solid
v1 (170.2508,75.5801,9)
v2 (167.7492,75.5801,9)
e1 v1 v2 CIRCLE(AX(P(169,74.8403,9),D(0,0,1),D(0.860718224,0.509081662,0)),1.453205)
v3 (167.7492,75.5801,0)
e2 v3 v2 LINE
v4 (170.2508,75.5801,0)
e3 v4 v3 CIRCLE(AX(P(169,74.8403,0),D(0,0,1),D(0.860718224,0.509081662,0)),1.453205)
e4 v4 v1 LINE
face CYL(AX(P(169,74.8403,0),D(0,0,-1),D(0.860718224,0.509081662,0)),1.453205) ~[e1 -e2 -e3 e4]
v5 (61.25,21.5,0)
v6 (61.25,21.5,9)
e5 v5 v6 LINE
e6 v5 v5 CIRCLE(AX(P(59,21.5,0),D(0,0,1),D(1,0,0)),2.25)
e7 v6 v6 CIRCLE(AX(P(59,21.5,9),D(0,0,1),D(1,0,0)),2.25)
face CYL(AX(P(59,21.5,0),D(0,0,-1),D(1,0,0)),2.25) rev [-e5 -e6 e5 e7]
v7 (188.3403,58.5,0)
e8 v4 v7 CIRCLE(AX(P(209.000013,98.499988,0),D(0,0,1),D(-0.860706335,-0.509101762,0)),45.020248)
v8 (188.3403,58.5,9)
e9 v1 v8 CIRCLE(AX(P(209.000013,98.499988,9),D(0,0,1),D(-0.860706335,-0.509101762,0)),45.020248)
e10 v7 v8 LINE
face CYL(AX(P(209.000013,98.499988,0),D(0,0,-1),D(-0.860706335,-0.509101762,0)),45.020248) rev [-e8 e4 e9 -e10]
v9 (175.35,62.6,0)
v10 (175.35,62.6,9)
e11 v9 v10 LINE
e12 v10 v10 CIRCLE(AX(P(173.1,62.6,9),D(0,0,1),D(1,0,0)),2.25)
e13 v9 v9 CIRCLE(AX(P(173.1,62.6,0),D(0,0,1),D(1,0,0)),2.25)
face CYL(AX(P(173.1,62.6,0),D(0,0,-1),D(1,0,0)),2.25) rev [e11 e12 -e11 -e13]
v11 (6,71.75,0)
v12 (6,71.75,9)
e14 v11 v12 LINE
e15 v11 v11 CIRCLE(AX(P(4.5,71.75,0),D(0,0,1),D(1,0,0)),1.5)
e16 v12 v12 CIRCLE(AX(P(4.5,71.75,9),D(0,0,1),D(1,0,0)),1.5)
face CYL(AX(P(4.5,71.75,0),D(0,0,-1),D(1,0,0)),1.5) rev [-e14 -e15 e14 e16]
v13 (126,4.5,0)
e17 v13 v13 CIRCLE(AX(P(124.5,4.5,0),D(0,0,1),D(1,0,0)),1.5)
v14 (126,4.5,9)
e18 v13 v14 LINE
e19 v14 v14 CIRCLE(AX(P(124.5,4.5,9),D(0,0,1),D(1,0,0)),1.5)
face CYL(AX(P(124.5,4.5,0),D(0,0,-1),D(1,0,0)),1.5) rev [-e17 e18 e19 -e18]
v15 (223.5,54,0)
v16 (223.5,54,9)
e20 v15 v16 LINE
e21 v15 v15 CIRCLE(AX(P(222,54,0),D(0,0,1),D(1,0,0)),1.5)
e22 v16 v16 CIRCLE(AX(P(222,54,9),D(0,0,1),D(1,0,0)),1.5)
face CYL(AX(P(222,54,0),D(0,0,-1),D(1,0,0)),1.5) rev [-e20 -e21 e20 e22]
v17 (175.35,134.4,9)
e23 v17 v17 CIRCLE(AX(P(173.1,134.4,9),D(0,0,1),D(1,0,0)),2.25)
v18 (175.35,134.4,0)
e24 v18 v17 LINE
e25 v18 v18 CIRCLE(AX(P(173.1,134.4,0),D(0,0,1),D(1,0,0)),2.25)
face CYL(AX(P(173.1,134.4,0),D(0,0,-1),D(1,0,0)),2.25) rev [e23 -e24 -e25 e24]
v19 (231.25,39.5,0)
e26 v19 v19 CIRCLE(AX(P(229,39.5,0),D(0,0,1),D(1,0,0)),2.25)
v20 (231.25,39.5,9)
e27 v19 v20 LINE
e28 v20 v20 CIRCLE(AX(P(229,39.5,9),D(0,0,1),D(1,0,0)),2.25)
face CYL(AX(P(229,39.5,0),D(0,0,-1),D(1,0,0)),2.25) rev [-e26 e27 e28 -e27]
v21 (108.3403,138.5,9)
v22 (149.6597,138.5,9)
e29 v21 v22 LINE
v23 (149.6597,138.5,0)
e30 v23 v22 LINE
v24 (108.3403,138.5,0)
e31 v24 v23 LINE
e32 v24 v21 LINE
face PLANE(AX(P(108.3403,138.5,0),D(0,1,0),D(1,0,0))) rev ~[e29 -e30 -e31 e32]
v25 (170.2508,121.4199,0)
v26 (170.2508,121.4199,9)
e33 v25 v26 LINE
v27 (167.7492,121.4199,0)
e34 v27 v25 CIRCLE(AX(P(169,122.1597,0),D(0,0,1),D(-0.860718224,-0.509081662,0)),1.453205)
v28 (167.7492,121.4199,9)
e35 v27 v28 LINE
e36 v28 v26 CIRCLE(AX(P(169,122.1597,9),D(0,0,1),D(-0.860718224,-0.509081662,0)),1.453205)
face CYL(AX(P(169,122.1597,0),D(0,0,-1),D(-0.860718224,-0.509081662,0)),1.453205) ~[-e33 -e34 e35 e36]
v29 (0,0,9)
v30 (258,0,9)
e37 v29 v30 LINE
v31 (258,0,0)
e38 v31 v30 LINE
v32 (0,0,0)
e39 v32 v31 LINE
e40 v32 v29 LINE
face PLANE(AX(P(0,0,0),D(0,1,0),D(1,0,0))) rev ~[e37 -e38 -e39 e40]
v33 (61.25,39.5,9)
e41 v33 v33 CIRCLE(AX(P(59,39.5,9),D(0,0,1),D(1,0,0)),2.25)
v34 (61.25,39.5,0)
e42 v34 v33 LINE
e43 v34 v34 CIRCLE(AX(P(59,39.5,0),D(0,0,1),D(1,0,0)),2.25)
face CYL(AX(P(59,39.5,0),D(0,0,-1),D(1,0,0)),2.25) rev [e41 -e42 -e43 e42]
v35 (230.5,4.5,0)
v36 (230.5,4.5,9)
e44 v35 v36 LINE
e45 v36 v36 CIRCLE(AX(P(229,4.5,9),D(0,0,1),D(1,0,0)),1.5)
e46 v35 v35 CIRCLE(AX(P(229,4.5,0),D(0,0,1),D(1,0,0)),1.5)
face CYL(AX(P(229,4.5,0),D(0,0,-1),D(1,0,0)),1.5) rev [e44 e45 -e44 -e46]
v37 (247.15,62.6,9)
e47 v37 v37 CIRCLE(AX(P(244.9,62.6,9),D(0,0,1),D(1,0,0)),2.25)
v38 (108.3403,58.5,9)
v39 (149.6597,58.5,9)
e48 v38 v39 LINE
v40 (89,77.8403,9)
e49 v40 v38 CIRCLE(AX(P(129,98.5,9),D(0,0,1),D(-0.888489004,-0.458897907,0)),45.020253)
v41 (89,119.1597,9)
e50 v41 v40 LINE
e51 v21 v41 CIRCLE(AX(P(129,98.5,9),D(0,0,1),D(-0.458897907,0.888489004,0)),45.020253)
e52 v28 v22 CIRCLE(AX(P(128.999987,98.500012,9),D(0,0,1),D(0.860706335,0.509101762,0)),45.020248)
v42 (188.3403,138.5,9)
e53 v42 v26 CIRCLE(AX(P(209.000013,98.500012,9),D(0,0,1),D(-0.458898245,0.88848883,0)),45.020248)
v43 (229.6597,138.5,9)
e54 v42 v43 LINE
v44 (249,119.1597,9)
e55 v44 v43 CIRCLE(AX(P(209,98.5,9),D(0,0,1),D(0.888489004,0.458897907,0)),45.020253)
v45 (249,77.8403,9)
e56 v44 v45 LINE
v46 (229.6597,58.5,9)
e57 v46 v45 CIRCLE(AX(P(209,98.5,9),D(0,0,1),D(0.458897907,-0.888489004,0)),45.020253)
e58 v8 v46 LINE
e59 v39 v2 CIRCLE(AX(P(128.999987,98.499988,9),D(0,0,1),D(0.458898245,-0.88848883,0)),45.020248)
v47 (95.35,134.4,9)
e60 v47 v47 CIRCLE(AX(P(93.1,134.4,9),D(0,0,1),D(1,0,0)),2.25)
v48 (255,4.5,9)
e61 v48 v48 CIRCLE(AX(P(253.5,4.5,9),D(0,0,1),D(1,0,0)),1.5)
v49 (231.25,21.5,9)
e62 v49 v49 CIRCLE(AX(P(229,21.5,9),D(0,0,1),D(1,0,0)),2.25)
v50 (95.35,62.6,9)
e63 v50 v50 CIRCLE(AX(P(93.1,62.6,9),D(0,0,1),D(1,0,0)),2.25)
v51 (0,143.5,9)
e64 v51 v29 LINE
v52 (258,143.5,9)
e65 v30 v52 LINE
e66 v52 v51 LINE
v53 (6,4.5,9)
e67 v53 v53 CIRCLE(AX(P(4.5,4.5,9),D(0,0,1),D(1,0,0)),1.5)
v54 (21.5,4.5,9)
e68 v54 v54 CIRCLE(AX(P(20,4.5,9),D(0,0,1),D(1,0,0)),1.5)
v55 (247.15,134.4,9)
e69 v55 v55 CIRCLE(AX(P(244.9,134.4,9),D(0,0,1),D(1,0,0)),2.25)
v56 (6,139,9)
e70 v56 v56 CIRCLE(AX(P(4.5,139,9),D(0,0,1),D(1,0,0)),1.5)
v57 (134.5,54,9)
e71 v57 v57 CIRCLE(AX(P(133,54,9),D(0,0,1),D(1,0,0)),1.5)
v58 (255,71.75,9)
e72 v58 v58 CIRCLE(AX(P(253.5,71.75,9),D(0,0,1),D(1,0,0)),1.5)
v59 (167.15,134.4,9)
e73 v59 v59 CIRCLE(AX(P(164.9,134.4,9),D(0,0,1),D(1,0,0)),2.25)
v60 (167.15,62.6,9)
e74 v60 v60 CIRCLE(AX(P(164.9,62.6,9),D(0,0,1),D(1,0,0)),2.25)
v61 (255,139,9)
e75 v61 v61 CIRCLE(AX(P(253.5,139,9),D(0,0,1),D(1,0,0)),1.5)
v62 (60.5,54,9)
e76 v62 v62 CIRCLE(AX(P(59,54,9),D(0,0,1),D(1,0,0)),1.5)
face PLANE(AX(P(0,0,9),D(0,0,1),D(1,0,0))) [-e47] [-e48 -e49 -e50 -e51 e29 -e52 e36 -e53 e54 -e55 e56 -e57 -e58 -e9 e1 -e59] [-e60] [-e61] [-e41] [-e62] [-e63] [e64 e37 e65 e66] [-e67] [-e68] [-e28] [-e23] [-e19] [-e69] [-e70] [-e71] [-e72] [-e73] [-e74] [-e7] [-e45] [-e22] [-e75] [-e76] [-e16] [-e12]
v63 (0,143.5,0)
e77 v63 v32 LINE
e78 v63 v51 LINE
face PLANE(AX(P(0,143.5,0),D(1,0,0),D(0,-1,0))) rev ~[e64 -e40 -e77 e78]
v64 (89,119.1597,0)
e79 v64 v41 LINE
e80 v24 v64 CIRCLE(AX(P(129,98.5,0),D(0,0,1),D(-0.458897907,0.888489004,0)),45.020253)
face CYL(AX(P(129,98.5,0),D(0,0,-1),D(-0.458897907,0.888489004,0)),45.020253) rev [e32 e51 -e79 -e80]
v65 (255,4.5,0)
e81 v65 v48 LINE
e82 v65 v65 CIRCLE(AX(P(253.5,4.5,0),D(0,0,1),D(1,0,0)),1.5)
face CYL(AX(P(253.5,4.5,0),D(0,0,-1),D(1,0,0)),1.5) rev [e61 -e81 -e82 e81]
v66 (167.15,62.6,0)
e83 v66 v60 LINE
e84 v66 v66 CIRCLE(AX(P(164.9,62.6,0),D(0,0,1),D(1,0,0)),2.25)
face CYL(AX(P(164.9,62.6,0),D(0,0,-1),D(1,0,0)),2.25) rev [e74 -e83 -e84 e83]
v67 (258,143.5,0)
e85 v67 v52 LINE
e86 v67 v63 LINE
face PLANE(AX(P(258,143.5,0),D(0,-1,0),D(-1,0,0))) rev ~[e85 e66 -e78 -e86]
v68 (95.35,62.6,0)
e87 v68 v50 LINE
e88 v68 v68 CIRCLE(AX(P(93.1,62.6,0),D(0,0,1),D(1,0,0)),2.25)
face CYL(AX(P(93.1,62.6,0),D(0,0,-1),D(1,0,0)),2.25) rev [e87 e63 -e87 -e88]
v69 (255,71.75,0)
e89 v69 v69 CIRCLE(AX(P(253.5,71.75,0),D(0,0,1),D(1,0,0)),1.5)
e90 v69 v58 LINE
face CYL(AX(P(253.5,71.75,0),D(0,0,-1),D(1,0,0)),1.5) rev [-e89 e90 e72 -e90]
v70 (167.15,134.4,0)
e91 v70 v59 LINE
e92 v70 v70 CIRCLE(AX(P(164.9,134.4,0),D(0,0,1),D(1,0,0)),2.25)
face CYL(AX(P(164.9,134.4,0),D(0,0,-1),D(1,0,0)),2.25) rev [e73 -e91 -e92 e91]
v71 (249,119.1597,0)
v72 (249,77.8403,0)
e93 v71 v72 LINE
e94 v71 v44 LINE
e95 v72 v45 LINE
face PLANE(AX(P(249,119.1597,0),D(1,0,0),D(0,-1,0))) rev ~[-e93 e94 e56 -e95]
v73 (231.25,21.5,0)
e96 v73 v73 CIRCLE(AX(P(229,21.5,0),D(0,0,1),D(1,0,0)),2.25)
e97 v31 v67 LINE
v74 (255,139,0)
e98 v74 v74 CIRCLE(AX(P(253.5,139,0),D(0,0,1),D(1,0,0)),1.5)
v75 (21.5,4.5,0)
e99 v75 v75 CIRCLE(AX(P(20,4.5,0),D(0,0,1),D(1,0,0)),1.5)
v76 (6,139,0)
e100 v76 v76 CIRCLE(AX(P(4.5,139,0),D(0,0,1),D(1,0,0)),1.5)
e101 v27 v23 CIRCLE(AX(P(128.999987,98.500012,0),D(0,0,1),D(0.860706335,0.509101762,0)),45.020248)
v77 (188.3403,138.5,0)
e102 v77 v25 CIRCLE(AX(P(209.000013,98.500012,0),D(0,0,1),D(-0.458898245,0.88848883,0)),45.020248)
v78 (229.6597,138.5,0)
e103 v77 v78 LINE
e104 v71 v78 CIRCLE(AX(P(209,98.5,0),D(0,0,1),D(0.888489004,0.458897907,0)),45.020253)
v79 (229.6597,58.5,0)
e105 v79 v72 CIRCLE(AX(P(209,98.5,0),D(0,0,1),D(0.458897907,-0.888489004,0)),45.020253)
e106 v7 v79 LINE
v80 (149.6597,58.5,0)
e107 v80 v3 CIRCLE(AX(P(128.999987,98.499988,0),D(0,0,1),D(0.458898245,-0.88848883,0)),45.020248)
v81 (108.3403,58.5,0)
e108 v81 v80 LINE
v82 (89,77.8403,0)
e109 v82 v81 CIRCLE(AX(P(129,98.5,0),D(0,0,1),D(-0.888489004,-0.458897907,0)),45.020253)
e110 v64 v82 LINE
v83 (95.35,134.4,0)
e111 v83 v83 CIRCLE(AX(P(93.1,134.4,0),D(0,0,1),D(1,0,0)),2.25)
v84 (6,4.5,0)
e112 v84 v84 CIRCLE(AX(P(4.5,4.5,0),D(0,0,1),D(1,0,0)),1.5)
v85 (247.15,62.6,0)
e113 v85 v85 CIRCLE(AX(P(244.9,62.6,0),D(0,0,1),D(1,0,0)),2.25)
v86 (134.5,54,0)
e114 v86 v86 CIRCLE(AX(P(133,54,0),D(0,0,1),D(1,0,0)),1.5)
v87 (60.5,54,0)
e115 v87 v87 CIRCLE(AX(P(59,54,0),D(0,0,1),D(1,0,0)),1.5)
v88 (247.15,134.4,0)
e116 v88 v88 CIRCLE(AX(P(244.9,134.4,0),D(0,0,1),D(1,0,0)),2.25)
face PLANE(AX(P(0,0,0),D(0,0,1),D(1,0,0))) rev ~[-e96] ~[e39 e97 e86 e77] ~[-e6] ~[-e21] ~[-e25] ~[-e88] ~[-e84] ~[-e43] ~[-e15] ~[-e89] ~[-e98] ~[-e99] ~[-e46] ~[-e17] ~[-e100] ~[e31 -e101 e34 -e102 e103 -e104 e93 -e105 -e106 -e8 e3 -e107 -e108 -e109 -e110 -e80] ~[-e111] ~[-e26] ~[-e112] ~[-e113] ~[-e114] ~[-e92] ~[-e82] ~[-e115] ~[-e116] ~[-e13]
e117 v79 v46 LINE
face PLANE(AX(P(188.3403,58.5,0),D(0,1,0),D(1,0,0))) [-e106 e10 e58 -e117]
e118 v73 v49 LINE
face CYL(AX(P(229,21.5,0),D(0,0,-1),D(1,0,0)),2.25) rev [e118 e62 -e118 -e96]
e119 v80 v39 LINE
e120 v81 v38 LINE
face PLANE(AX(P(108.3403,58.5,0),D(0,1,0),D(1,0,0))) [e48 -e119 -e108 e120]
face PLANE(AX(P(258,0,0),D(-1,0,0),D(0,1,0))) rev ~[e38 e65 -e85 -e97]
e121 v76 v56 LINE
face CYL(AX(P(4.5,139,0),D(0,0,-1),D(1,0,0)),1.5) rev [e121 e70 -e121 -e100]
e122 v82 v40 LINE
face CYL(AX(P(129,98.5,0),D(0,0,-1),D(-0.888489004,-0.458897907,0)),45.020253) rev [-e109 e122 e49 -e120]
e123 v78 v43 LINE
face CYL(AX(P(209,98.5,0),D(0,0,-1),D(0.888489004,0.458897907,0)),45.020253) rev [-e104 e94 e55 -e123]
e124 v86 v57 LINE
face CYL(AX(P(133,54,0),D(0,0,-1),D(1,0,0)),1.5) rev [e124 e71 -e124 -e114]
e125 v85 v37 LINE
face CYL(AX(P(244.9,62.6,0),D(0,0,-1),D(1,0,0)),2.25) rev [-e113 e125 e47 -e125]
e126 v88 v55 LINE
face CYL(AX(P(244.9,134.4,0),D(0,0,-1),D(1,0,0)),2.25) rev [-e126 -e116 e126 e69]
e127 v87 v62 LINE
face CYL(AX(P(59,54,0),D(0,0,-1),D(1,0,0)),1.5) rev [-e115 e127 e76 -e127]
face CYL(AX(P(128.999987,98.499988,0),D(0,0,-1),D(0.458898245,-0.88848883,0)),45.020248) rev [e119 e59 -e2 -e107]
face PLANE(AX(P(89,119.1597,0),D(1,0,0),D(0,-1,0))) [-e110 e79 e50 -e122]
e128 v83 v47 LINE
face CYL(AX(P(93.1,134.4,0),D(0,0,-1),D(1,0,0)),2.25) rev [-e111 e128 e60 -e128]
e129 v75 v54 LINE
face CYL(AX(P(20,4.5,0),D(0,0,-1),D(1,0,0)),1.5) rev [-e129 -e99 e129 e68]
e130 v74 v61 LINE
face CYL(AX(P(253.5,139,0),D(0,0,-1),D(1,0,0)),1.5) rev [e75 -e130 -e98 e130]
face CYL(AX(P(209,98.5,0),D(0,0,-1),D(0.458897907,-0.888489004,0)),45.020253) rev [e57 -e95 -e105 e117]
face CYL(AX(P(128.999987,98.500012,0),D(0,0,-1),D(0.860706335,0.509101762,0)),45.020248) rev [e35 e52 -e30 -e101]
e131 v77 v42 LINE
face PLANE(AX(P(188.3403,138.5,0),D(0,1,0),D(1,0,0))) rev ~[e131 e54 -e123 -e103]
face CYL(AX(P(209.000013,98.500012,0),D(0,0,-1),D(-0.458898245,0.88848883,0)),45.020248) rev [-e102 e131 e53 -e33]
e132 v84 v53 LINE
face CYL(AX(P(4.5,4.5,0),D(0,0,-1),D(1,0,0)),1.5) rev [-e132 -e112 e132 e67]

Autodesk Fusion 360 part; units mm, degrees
sketch "Skizze1" plane through (0, 0, 0) normal (0, 0, 1) x (1, 0, 0)
  line L0 (258, 143.5) -> (0, 143.5)
  circle A0 centre (229, 39.5) radius 2.25
  circle A1 centre (229, 21.5) radius 2.25
  circle A2 centre (59, 54) radius 1.5
  circle A3 centre (4.5, 4.5) radius 1.5
  circle A4 centre (222, 54) radius 1.5
  circle A5 centre (4.5, 139) radius 1.5
  circle A6 centre (253.5, 4.5) radius 1.5
  circle A7 centre (253.5, 139) radius 1.5
  circle A8 centre (124.5, 4.5) radius 1.5
  circle A9 centre (253.5, 71.75) radius 1.5
  line L1 (0, 143.5) -> (0, 0)
  circle A10 centre (59, 39.5) radius 2.25
  circle A11 centre (20, 4.5) radius 1.5
  circle A12 centre (229, 4.5) radius 1.5
  circle A13 centre (59, 21.5) radius 2.25
  circle A14 centre (4.5, 71.75) radius 1.5
  line L2 (0, 143.5) -> (0, 0) construction
  line L3 (9, 143.5) -> (0, 143.5) construction
  circle A15 centre (133, 54) radius 1.5
  line L4 (0, 0) -> (258, 0)
  line L5 (0, 0) -> (9, 0) construction
  line L6 (258, 0) -> (258, 143.5)
  circle A16 centre (173.1, 134.4) radius 2.25
  arc A17 (210.3507, 143.5) -> (207.6493, 143.5) centre (209, 98.5) ccw construction
  arc A18 (249, 119.1597) -> (229.6597, 138.5) centre (209, 98.5) ccw
  arc A19 (188.3403, 138.5) -> (170.2508, 121.4199) centre (209, 98.5) ccw
  arc A20 (170.2508, 75.5801) -> (188.3403, 58.5) centre (209, 98.5) ccw
  arc A21 (229.6597, 58.5) -> (249, 77.8403) centre (209, 98.5) ccw
  circle A22 centre (244.9, 134.4) radius 2.25
  circle A23 centre (173.1, 62.6) radius 2.25
  circle A24 centre (244.9, 62.6) radius 2.25
  line L7 (188.3403, 138.5) -> (229.6597, 138.5)
  line L8 (249, 119.1597) -> (249, 77.8403)
  line L9 (188.3403, 58.5) -> (229.6597, 58.5)
  arc A25 (149.6597, 58.5) -> (167.7492, 75.5801) centre (129, 98.5) ccw
  arc A26 (167.7492, 121.4199) -> (149.6597, 138.5) centre (129, 98.5) ccw
  line L10 (108.3403, 138.5) -> (149.6597, 138.5)
  arc A27 (108.3403, 138.5) -> (89, 119.1597) centre (129, 98.5) ccw
  line L11 (89, 119.1597) -> (89, 77.8403)
  arc A28 (89, 77.8403) -> (108.3403, 58.5) centre (129, 98.5) ccw
  line L12 (108.3403, 58.5) -> (149.6597, 58.5)
  circle A29 centre (93.1, 134.4) radius 2.25
  circle A30 centre (93.1, 62.6) radius 2.25
  circle A31 centre (164.9, 62.6) radius 2.25
  circle A32 centre (164.9, 134.4) radius 2.25
  arc A33 (167.7492, 121.4199) -> (170.2508, 121.4199) centre (169, 122.1597) ccw
  arc A34 (170.2508, 75.5801) -> (167.7492, 75.5801) centre (169, 74.8403) ccw
  point P0 (253.5, 71.75)
  point P1 (253.5, 139)
  point P2 (253.5, 4.5)
  point P3 (253.5, 4.5)
  point P4 (253.5, 139)
  point P5 (253.5, 71.75)
  dimension "d1" = 143.5
  dimension "d2" = 258
  dimension "d6" = 18
  dimension "d7" = 4.5
  dimension "d8" = 4.5
  dimension "d9" = 4.5
  dimension "d10" = 4.5
  dimension "d11" = 3
  dimension "d12" = 3
  dimension "d13" = 3
  dimension "d14" = 3
  dimension "d15" = 3
  dimension "d22" = 20
  dimension "d24" = 209
  dimension "d26" = 104.5
  dimension "d27" = 3
  dimension "d28" = 3
  dimension "d29" = 3
  dimension "d30" = 67.25
  dimension "d31" = 9
  dimension "d32" = 67.25
  dimension "d33" = 67.25
  dimension "d34" = 3
  dimension "d35" = 3
  dimension "d36" = 3
  dimension "d37" = 67.25
  dimension "d45" = 2.25
  dimension "d47" = 4.5
  dimension "d48" = 4.5
  dimension "d49" = 4.5
  dimension "d50" = 2.25
  dimension "d51" = 4.5
  dimension "d52" = 4.5
  dimension "d53" = 4.5
extrude "Extrusion1" add sketch "Skizze1" along normal blind 9
